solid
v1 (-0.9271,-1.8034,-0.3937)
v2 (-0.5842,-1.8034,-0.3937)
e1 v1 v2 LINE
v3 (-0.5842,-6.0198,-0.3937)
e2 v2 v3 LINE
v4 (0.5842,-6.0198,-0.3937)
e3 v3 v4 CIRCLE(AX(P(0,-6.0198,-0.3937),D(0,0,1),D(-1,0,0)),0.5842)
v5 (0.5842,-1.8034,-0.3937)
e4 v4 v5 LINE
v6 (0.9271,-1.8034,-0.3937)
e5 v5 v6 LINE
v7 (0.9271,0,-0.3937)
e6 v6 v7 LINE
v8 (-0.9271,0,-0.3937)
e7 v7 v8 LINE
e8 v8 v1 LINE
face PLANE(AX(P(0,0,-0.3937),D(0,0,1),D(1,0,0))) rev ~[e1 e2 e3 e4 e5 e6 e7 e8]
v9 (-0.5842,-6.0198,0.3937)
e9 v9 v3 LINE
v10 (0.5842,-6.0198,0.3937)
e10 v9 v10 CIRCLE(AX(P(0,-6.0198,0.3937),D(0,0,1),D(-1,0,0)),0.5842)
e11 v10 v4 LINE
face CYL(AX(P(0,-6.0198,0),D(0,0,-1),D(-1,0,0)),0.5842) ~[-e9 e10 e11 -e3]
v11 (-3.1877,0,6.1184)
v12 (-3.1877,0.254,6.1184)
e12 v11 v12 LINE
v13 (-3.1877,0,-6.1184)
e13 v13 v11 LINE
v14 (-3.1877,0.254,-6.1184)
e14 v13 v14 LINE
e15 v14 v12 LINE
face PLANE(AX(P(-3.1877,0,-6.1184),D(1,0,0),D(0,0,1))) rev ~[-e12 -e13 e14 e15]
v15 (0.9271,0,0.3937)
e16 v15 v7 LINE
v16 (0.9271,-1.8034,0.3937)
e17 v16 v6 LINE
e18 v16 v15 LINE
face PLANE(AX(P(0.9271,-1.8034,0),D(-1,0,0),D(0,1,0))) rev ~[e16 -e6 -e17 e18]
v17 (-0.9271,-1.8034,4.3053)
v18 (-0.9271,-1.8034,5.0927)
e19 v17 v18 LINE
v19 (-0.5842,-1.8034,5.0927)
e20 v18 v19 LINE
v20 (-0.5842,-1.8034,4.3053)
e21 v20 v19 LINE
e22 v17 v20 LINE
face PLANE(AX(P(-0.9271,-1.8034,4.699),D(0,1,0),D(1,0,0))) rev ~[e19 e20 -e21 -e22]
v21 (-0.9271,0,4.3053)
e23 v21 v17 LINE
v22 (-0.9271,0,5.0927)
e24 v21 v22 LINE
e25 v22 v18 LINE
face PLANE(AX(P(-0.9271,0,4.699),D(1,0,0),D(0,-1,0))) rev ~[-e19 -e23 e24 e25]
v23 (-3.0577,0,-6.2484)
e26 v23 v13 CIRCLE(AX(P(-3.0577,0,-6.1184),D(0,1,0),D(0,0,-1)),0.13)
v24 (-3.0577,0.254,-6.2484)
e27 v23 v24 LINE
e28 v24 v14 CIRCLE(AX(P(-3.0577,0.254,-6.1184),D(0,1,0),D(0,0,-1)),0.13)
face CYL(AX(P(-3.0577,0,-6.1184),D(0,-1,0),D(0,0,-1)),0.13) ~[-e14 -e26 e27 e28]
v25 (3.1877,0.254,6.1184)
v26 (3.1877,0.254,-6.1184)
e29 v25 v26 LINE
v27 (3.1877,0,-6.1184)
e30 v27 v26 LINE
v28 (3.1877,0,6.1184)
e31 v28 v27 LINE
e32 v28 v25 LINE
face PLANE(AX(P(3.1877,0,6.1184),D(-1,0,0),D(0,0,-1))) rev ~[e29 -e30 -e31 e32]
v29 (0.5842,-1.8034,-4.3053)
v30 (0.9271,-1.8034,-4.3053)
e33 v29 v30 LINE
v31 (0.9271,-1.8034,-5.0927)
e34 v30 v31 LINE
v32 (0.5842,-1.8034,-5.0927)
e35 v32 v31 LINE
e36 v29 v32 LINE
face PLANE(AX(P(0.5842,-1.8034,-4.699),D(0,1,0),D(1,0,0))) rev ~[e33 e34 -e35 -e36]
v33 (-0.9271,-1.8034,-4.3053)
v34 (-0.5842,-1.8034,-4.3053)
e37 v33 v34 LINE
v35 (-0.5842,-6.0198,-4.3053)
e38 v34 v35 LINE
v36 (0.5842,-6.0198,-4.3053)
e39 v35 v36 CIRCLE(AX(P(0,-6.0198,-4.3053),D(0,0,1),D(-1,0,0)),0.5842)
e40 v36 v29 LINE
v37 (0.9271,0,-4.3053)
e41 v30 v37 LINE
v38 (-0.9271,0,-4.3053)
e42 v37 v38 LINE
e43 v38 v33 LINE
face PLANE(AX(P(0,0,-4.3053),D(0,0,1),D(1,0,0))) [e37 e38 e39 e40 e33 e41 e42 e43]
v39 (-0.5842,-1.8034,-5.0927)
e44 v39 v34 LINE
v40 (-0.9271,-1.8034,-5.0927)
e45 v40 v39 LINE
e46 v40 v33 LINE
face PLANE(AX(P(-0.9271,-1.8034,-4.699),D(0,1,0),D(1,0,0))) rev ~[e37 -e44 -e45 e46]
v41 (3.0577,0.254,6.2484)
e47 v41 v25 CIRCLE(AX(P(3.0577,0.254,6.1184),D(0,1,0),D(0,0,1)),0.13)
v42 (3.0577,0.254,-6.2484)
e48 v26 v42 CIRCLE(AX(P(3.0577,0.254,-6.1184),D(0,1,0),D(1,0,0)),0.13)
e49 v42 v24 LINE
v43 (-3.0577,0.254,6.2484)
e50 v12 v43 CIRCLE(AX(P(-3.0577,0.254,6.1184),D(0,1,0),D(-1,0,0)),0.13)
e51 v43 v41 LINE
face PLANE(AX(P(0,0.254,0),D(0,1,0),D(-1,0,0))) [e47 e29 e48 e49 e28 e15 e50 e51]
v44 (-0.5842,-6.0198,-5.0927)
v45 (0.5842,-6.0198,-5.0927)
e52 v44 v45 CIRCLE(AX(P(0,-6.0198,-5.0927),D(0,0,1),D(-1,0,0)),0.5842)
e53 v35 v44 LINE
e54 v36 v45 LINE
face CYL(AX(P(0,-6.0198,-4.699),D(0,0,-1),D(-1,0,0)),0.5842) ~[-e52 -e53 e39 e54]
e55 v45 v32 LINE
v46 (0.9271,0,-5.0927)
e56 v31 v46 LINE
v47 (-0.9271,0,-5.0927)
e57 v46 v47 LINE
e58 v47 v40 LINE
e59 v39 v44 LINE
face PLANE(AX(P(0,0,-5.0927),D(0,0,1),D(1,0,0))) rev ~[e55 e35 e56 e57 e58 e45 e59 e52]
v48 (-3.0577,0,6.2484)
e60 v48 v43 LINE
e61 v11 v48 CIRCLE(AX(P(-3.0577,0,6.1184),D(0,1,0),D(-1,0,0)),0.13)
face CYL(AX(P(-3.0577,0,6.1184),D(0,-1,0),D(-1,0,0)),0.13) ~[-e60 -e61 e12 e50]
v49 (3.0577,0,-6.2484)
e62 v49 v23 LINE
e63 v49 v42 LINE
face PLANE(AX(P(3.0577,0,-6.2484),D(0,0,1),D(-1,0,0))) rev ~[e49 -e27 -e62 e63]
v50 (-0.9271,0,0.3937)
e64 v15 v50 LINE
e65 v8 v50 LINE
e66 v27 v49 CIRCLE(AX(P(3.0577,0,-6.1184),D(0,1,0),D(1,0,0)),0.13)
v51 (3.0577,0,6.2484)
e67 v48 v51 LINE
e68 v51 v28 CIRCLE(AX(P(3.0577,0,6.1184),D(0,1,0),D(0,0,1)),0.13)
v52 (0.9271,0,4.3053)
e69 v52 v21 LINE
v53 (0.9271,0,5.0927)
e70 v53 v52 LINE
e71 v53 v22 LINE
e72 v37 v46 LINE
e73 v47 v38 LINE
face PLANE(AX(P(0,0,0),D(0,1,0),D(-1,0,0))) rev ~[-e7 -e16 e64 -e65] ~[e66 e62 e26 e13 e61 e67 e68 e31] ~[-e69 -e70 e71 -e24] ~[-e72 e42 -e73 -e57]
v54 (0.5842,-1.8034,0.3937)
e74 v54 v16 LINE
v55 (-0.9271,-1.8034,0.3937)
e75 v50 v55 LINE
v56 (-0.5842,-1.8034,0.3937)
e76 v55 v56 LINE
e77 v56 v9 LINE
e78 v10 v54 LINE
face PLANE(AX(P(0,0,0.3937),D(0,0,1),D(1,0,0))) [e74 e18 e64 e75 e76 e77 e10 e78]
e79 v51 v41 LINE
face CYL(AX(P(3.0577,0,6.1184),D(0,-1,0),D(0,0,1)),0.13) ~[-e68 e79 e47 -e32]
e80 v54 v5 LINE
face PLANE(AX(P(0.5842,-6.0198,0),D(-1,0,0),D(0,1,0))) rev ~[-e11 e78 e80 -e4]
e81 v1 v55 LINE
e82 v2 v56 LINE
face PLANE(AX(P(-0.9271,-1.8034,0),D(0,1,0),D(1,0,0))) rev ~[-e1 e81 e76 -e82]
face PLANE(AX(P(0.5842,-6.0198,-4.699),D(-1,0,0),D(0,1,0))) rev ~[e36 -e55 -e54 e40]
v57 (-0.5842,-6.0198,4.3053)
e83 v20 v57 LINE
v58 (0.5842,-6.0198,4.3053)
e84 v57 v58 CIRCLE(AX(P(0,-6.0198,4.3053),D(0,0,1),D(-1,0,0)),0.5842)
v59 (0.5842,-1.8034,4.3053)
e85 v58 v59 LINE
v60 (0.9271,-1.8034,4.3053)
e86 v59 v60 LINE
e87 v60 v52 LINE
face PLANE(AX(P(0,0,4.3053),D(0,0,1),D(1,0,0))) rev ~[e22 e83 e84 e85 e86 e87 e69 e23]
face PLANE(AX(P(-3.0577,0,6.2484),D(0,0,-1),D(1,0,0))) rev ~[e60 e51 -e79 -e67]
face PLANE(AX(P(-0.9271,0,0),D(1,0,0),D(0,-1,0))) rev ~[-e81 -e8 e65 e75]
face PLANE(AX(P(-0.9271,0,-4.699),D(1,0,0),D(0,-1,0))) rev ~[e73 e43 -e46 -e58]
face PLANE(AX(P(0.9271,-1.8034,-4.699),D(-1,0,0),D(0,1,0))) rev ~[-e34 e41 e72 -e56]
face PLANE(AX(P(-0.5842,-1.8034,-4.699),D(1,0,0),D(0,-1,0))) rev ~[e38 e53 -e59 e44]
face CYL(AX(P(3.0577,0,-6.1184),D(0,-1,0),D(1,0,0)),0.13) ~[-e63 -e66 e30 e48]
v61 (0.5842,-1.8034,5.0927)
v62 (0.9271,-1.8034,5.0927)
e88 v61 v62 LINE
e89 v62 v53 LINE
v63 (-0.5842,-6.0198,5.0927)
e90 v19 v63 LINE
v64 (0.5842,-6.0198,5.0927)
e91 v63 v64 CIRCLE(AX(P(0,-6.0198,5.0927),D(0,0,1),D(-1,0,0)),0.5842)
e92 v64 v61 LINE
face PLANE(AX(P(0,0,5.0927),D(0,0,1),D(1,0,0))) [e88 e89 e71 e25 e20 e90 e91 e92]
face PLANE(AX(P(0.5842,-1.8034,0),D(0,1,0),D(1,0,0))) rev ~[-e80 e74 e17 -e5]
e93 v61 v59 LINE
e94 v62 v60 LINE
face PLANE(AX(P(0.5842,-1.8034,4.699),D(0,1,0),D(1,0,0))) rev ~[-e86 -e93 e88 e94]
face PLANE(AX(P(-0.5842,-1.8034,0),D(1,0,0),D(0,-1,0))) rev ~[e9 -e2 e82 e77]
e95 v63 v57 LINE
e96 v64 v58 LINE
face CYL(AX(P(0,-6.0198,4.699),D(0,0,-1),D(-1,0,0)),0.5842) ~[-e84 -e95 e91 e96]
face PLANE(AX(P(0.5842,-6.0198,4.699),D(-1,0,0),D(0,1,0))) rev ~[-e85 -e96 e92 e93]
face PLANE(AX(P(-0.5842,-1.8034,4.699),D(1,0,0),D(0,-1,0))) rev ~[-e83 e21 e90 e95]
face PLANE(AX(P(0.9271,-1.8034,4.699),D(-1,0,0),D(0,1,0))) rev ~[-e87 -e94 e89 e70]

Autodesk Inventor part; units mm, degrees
sketch "Sketch_2" plane through (0, 0, 0) normal (0, 1, 0) x (-1, 0, 0)
  line L0 (3.1877, -6.1184) -> (3.1877, 6.1184)
  arc A0 (3.1877, 6.1184) -> (3.0577, 6.2484) centre (3.0577, 6.1184) ccw
  line L1 (3.0577, 6.2484) -> (-3.0577, 6.2484)
  arc A1 (-3.0577, 6.2484) -> (-3.1877, 6.1184) centre (-3.0577, 6.1184) ccw
  line L2 (-3.1877, 6.1184) -> (-3.1877, -6.1184)
  arc A2 (-3.1877, -6.1184) -> (-3.0577, -6.2484) centre (-3.0577, -6.1184) ccw
  line L3 (-3.0577, -6.2484) -> (3.0577, -6.2484)
  arc A3 (3.0577, -6.2484) -> (3.1877, -6.1184) centre (3.0577, -6.1184) ccw
extrude "Extrusion1" add sketch "Sketch_2" along normal blind 0.254
sketch "Sketch_7" plane through (0, 0, -4.699) normal (0, 0, 1) x (1, 0, 0)
  line L0 (-0.9271, 0) -> (-0.9271, -1.8034)
  line L1 (-0.9271, -1.8034) -> (-0.5842, -1.8034)
  line L2 (-0.5842, -1.8034) -> (-0.5842, -6.0198)
  arc A0 (-0.5842, -6.0198) -> (0.5842, -6.0198) centre (0, -6.0198) ccw
  line L3 (0.5842, -6.0198) -> (0.5842, -1.8034)
  line L4 (0.5842, -1.8034) -> (0.9271, -1.8034)
  line L5 (0.9271, -1.8034) -> (0.9271, 0)
  line L6 (0.9271, 0) -> (-0.9271, 0)
extrude "Extrusion2" add sketch "Sketch_7" along normal mid plane 0.7874
pattern_linear "Rectangular Pattern1" count 3 spacing 4.699 along (0, 0, 1) of "Extrusion2"
ref_plane "to_base_XY" through (0, 0, 0) normal (0, 1, 0) x (1, 0, 0)
ref_plane "to_base_YZ" through (0, 0, 0) normal (1, 0, 0) x (0, 0, -1)
ref_plane "to_base_ZX" through (0, 0, 0) normal (0, 0, -1) x (0, 1, 0)
properties part number "M201503-terminals"
